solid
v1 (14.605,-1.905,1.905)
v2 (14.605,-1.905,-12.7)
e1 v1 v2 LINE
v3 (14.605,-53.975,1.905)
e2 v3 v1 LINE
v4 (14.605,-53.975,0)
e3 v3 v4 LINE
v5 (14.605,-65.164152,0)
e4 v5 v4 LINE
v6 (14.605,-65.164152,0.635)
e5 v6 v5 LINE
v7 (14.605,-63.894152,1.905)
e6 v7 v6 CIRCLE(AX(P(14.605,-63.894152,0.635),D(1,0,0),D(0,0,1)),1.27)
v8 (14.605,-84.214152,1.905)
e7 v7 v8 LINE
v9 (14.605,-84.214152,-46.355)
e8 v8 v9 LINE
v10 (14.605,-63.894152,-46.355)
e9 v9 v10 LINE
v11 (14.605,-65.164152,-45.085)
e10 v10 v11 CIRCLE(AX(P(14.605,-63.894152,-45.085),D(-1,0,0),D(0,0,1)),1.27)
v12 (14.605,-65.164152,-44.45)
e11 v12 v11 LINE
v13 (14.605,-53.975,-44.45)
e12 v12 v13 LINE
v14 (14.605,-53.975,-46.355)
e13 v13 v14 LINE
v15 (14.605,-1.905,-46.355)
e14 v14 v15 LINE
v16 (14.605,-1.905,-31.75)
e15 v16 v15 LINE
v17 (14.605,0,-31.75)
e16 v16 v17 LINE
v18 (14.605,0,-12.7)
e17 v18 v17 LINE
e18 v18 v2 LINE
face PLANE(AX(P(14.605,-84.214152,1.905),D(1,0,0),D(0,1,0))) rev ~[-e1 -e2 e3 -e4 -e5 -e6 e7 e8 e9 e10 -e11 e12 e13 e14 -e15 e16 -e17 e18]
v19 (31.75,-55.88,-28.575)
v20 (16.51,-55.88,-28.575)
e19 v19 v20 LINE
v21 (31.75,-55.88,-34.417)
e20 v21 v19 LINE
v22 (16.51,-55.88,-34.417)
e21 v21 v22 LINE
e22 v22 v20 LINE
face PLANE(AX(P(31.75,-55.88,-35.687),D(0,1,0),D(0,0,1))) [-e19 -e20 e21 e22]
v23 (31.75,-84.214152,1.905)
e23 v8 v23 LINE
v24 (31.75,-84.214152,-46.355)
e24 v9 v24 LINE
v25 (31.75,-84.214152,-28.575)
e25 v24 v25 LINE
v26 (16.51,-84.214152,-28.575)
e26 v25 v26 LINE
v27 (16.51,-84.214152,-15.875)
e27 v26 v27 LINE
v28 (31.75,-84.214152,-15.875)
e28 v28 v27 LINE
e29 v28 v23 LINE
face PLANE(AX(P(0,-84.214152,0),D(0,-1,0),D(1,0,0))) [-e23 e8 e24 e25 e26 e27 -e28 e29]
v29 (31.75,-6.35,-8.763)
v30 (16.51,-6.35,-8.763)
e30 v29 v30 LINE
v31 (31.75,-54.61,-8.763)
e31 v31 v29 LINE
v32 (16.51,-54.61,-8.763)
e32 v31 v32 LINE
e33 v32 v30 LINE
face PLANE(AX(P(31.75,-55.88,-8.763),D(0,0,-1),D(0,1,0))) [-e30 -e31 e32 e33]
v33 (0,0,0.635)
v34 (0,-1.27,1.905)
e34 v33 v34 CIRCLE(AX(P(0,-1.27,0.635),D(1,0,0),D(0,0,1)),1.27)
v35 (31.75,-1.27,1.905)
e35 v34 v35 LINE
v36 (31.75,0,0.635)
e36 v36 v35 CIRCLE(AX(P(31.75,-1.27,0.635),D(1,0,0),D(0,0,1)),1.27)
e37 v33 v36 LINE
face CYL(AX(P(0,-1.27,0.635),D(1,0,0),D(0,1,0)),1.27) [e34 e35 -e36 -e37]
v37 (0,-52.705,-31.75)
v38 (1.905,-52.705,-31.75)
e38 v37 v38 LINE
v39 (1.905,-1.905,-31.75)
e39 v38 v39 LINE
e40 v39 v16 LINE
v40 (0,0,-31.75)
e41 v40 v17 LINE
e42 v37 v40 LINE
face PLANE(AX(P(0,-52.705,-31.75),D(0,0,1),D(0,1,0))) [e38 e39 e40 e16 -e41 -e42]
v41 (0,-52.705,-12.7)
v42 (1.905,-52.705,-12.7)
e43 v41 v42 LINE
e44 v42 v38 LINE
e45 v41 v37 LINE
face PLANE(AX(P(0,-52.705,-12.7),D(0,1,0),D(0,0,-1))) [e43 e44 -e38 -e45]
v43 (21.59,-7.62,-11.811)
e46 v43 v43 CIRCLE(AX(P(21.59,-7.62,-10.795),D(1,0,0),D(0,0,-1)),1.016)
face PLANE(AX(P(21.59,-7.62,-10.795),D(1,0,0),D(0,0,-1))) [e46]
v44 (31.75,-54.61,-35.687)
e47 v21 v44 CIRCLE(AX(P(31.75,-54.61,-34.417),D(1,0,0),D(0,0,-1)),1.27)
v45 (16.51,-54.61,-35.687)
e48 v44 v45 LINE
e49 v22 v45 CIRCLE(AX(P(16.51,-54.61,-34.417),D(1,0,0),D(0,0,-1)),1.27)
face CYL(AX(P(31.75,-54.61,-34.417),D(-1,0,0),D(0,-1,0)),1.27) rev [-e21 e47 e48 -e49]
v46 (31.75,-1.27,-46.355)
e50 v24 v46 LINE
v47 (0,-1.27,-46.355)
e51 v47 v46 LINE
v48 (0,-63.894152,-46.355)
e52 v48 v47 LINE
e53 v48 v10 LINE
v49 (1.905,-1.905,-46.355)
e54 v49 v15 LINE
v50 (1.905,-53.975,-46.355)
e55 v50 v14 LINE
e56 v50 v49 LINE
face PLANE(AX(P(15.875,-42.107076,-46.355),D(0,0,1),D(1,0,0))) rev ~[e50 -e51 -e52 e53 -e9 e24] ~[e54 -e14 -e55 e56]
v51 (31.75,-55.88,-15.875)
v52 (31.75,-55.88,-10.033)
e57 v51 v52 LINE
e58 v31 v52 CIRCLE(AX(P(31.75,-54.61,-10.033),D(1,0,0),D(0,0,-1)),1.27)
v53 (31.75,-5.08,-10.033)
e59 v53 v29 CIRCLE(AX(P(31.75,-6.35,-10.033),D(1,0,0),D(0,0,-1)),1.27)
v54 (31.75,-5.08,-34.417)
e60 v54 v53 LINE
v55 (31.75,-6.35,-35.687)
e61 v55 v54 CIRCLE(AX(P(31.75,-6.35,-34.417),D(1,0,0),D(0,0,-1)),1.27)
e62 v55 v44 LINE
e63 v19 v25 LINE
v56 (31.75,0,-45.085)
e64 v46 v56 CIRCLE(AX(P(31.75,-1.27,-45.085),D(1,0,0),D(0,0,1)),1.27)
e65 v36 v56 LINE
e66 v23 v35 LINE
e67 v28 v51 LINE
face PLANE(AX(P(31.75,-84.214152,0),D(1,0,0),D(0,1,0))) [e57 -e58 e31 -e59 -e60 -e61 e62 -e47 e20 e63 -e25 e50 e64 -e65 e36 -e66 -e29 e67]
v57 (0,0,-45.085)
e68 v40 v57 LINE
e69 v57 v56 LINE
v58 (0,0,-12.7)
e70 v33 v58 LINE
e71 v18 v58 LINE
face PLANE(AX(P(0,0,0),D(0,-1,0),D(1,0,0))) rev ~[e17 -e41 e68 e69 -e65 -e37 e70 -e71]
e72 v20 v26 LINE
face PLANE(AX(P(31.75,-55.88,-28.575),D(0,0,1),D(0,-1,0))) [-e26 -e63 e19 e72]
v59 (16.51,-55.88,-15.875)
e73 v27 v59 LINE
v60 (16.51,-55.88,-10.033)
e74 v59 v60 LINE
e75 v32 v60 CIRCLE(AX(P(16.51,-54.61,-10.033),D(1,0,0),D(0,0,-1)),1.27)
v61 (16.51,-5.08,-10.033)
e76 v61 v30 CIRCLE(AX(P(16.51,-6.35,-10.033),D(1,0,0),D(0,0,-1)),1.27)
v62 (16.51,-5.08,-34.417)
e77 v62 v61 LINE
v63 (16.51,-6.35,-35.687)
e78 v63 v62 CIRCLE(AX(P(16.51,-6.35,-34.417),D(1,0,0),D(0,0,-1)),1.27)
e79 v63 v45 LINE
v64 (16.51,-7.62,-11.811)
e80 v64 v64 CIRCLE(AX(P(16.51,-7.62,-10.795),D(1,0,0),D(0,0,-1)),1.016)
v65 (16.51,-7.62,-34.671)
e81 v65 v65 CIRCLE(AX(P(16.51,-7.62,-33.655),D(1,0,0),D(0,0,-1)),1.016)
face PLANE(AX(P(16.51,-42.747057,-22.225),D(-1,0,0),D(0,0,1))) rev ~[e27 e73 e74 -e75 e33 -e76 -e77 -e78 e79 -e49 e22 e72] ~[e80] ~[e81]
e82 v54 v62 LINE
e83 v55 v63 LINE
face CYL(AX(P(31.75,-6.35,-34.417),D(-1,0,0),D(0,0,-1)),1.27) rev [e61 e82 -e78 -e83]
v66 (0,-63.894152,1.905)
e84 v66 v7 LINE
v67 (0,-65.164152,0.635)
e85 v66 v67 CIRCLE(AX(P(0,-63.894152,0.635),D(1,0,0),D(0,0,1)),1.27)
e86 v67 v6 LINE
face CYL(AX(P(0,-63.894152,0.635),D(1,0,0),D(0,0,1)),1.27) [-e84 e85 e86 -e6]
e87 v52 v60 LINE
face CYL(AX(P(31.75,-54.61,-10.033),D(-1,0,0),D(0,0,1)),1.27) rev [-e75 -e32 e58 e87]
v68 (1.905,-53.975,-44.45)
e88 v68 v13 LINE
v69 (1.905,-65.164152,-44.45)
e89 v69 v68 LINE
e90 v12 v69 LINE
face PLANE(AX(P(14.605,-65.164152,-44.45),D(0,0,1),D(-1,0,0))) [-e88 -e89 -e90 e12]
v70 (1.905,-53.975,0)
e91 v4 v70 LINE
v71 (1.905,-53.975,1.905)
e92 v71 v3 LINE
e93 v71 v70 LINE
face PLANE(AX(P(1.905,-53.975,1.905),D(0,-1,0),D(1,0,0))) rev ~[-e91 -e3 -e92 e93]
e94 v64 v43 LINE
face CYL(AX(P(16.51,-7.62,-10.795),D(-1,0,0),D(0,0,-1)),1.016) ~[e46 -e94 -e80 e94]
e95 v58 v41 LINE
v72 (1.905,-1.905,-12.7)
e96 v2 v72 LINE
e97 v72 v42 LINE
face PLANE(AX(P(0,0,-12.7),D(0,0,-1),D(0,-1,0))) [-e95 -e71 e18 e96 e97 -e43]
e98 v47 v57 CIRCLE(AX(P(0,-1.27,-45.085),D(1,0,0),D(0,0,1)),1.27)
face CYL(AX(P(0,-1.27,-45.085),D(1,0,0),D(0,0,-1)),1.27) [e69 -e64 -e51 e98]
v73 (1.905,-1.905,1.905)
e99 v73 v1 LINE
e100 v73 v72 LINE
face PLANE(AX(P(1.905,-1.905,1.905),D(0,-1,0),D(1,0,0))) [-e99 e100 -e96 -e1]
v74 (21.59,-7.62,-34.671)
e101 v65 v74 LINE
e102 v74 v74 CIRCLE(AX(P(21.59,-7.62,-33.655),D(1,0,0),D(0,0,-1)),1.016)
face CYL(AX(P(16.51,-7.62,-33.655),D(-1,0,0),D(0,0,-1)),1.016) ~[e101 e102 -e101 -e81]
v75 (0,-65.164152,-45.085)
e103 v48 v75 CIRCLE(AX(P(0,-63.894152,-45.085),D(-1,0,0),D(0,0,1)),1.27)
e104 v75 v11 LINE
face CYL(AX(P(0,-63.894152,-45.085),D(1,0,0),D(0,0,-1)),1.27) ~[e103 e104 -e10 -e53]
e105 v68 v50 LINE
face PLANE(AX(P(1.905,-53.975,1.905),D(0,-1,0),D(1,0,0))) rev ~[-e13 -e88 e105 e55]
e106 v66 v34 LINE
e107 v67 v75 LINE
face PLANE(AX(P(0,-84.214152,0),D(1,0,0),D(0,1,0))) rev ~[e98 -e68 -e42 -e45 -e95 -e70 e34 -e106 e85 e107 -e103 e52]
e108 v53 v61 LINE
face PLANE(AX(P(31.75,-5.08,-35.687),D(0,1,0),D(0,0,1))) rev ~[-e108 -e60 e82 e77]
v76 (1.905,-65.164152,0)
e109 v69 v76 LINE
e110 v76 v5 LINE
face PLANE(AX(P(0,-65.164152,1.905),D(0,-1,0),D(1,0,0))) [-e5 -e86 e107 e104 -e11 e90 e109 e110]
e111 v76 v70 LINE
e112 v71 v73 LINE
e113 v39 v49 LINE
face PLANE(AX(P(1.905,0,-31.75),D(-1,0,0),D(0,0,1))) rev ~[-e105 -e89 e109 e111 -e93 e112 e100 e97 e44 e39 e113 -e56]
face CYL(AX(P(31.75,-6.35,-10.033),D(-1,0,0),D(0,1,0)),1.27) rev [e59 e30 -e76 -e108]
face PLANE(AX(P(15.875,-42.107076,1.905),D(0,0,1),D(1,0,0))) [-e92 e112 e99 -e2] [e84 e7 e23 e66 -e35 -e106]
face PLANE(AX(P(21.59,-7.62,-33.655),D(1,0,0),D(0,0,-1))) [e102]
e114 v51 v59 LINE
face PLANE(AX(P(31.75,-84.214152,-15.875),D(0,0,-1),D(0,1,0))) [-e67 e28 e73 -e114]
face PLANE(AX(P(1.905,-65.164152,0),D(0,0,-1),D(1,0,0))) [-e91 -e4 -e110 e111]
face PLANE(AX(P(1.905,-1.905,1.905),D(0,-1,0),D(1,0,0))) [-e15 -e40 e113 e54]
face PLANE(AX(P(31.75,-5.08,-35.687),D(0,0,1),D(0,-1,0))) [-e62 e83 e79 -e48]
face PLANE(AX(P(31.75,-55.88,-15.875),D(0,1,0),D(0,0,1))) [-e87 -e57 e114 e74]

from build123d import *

# Parameters (mm, degrees)
SKETCH1_W                = 31.75
SKETCH1_H                = 84.214152012
BOSS_EXTRUDE1_DEPTH      = 1.905
BOSS_EXTRUDE1_DEPTH_BACK = 46.355
SKETCH3_W                = 12.7
SKETCH3_H                = 52.07
SKETCH3_W_2              = 14.605
SKETCH3_H_2              = 19.05
CUT_EXTRUDE1_DEPTH       = 49.26
CUT_EXTRUDE2_DEPTH       = 65.405
CUT_EXTRUDE3_DEPTH       = 14.605
CUT_EXTRUDE4_REACH       = 67.164
CUT_EXTRUDE5_DEPTH       = 15.24
SKETCH8_R                = 1.016
BOSS_EXTRUDE2_DEPTH      = 5.08
FILLET1_R                = 1.27
FILLET2_R                = 1.27


with BuildPart() as part:
    # Sketch1 → Boss-Extrude1 (new body, two sides)
    with BuildSketch(Plane.XY) as boss_extrude1_sk:
        with Locations((15.875, -42.107076006)):
            Rectangle(SKETCH1_W, SKETCH1_H)
    extrude(amount=BOSS_EXTRUDE1_DEPTH)
    extrude(boss_extrude1_sk.sketch, amount=-BOSS_EXTRUDE1_DEPTH_BACK)

    # Sketch3 → Cut-Extrude1 (cut, through all)
    with BuildSketch(Plane.XY.offset(1.905)):
        with Locations((8.255, -27.94)):
            Rectangle(SKETCH3_W, SKETCH3_H)
        with Locations((7.3025, -74.689152012)):
            Rectangle(SKETCH3_W_2, SKETCH3_H_2)
    extrude(amount=-CUT_EXTRUDE1_DEPTH, mode=Mode.SUBTRACT)

    # Sketch4 → Cut-Extrude2 (cut)
    with BuildSketch(Plane(origin=(0, 0, 0), x_dir=(1, 0, 0), z_dir=(0, 1, 0))):
        Polygon((1.905, 22.225), (1.905, 31.75), (14.405235248, 31.75), (14.405235248, 12.7), (1.905, 12.7), align=None)
    extrude(amount=-CUT_EXTRUDE2_DEPTH, mode=Mode.SUBTRACT)

    # Sketch5 → Cut-Extrude3 (cut)
    with BuildSketch(Plane.ZY):
        Polygon((-22.225, 0), (-12.7, 0), (-12.7, -52.705), (-31.75, -52.705), (-31.75, 0), align=None)
    extrude(amount=-CUT_EXTRUDE3_DEPTH, mode=Mode.SUBTRACT)

    # Sketch6 → Cut-Extrude4 (cut, up to next)
    with BuildSketch(Plane.XZ.offset(65.164152012), mode=Mode.PRIVATE) as cut_extrude4_sk1:
        Polygon((1.905, -22.225), (1.905, 0), (14.605, 0), (14.605, -44.45), (1.905, -44.45), align=None)
    cut_extrude4_tool1 = extrude(cut_extrude4_sk1.sketch, amount=-CUT_EXTRUDE4_REACH, mode=Mode.PRIVATE) & part.part
    add(cut_extrude4_tool1.solids().sort_by_distance((8.255, -65.164152, -22.225))[0], mode=Mode.SUBTRACT)

    # Sketch7 → Cut-Extrude5 (cut)
    with BuildSketch(Plane(origin=(31.75, 0, 0), x_dir=(0, 0, -1), z_dir=(1, 0, 0))):
        Polygon((22.225, -5.08), (35.687, -5.08), (35.687, -55.88), (28.575, -55.88), (28.575, -84.214152012), (15.875, -84.214152012), (15.875, -55.88), (8.763, -55.88), (8.763, -5.08), align=None)
    extrude(amount=-CUT_EXTRUDE5_DEPTH, mode=Mode.SUBTRACT)

    # Sketch8 → Boss-Extrude2 (add)
    with BuildSketch(Plane(origin=(16.51, 0, 0), x_dir=(0, 0, -1), z_dir=(1, 0, 0))):
        with Locations((33.655, -7.62)):
            Circle(SKETCH8_R)
        with Locations((10.795, -7.62)):
            Circle(SKETCH8_R)
    extrude(amount=BOSS_EXTRUDE2_DEPTH)

    # Fillet1
    fillet1_edges = [part.edges().sort_by_distance(p)[0] for p in [
        (24.13, -5.08, -8.763),
        (24.13, -5.08, -35.687),
        (24.13, -55.88, -35.687),
        (24.13, -55.88, -8.763),
    ]]
    fillet(fillet1_edges, radius=FILLET1_R)

    # Fillet2
    fillet2_edges = [part.edges().sort_by_distance(p)[0] for p in [
        (15.875, 0, -46.355),
        (15.875, 0, 1.905),
        (7.3025, -65.164152012, -46.355),
        (7.3025, -65.164152012, 1.905),
    ]]
    fillet(fillet2_edges, radius=FILLET2_R)


solid = part.part
